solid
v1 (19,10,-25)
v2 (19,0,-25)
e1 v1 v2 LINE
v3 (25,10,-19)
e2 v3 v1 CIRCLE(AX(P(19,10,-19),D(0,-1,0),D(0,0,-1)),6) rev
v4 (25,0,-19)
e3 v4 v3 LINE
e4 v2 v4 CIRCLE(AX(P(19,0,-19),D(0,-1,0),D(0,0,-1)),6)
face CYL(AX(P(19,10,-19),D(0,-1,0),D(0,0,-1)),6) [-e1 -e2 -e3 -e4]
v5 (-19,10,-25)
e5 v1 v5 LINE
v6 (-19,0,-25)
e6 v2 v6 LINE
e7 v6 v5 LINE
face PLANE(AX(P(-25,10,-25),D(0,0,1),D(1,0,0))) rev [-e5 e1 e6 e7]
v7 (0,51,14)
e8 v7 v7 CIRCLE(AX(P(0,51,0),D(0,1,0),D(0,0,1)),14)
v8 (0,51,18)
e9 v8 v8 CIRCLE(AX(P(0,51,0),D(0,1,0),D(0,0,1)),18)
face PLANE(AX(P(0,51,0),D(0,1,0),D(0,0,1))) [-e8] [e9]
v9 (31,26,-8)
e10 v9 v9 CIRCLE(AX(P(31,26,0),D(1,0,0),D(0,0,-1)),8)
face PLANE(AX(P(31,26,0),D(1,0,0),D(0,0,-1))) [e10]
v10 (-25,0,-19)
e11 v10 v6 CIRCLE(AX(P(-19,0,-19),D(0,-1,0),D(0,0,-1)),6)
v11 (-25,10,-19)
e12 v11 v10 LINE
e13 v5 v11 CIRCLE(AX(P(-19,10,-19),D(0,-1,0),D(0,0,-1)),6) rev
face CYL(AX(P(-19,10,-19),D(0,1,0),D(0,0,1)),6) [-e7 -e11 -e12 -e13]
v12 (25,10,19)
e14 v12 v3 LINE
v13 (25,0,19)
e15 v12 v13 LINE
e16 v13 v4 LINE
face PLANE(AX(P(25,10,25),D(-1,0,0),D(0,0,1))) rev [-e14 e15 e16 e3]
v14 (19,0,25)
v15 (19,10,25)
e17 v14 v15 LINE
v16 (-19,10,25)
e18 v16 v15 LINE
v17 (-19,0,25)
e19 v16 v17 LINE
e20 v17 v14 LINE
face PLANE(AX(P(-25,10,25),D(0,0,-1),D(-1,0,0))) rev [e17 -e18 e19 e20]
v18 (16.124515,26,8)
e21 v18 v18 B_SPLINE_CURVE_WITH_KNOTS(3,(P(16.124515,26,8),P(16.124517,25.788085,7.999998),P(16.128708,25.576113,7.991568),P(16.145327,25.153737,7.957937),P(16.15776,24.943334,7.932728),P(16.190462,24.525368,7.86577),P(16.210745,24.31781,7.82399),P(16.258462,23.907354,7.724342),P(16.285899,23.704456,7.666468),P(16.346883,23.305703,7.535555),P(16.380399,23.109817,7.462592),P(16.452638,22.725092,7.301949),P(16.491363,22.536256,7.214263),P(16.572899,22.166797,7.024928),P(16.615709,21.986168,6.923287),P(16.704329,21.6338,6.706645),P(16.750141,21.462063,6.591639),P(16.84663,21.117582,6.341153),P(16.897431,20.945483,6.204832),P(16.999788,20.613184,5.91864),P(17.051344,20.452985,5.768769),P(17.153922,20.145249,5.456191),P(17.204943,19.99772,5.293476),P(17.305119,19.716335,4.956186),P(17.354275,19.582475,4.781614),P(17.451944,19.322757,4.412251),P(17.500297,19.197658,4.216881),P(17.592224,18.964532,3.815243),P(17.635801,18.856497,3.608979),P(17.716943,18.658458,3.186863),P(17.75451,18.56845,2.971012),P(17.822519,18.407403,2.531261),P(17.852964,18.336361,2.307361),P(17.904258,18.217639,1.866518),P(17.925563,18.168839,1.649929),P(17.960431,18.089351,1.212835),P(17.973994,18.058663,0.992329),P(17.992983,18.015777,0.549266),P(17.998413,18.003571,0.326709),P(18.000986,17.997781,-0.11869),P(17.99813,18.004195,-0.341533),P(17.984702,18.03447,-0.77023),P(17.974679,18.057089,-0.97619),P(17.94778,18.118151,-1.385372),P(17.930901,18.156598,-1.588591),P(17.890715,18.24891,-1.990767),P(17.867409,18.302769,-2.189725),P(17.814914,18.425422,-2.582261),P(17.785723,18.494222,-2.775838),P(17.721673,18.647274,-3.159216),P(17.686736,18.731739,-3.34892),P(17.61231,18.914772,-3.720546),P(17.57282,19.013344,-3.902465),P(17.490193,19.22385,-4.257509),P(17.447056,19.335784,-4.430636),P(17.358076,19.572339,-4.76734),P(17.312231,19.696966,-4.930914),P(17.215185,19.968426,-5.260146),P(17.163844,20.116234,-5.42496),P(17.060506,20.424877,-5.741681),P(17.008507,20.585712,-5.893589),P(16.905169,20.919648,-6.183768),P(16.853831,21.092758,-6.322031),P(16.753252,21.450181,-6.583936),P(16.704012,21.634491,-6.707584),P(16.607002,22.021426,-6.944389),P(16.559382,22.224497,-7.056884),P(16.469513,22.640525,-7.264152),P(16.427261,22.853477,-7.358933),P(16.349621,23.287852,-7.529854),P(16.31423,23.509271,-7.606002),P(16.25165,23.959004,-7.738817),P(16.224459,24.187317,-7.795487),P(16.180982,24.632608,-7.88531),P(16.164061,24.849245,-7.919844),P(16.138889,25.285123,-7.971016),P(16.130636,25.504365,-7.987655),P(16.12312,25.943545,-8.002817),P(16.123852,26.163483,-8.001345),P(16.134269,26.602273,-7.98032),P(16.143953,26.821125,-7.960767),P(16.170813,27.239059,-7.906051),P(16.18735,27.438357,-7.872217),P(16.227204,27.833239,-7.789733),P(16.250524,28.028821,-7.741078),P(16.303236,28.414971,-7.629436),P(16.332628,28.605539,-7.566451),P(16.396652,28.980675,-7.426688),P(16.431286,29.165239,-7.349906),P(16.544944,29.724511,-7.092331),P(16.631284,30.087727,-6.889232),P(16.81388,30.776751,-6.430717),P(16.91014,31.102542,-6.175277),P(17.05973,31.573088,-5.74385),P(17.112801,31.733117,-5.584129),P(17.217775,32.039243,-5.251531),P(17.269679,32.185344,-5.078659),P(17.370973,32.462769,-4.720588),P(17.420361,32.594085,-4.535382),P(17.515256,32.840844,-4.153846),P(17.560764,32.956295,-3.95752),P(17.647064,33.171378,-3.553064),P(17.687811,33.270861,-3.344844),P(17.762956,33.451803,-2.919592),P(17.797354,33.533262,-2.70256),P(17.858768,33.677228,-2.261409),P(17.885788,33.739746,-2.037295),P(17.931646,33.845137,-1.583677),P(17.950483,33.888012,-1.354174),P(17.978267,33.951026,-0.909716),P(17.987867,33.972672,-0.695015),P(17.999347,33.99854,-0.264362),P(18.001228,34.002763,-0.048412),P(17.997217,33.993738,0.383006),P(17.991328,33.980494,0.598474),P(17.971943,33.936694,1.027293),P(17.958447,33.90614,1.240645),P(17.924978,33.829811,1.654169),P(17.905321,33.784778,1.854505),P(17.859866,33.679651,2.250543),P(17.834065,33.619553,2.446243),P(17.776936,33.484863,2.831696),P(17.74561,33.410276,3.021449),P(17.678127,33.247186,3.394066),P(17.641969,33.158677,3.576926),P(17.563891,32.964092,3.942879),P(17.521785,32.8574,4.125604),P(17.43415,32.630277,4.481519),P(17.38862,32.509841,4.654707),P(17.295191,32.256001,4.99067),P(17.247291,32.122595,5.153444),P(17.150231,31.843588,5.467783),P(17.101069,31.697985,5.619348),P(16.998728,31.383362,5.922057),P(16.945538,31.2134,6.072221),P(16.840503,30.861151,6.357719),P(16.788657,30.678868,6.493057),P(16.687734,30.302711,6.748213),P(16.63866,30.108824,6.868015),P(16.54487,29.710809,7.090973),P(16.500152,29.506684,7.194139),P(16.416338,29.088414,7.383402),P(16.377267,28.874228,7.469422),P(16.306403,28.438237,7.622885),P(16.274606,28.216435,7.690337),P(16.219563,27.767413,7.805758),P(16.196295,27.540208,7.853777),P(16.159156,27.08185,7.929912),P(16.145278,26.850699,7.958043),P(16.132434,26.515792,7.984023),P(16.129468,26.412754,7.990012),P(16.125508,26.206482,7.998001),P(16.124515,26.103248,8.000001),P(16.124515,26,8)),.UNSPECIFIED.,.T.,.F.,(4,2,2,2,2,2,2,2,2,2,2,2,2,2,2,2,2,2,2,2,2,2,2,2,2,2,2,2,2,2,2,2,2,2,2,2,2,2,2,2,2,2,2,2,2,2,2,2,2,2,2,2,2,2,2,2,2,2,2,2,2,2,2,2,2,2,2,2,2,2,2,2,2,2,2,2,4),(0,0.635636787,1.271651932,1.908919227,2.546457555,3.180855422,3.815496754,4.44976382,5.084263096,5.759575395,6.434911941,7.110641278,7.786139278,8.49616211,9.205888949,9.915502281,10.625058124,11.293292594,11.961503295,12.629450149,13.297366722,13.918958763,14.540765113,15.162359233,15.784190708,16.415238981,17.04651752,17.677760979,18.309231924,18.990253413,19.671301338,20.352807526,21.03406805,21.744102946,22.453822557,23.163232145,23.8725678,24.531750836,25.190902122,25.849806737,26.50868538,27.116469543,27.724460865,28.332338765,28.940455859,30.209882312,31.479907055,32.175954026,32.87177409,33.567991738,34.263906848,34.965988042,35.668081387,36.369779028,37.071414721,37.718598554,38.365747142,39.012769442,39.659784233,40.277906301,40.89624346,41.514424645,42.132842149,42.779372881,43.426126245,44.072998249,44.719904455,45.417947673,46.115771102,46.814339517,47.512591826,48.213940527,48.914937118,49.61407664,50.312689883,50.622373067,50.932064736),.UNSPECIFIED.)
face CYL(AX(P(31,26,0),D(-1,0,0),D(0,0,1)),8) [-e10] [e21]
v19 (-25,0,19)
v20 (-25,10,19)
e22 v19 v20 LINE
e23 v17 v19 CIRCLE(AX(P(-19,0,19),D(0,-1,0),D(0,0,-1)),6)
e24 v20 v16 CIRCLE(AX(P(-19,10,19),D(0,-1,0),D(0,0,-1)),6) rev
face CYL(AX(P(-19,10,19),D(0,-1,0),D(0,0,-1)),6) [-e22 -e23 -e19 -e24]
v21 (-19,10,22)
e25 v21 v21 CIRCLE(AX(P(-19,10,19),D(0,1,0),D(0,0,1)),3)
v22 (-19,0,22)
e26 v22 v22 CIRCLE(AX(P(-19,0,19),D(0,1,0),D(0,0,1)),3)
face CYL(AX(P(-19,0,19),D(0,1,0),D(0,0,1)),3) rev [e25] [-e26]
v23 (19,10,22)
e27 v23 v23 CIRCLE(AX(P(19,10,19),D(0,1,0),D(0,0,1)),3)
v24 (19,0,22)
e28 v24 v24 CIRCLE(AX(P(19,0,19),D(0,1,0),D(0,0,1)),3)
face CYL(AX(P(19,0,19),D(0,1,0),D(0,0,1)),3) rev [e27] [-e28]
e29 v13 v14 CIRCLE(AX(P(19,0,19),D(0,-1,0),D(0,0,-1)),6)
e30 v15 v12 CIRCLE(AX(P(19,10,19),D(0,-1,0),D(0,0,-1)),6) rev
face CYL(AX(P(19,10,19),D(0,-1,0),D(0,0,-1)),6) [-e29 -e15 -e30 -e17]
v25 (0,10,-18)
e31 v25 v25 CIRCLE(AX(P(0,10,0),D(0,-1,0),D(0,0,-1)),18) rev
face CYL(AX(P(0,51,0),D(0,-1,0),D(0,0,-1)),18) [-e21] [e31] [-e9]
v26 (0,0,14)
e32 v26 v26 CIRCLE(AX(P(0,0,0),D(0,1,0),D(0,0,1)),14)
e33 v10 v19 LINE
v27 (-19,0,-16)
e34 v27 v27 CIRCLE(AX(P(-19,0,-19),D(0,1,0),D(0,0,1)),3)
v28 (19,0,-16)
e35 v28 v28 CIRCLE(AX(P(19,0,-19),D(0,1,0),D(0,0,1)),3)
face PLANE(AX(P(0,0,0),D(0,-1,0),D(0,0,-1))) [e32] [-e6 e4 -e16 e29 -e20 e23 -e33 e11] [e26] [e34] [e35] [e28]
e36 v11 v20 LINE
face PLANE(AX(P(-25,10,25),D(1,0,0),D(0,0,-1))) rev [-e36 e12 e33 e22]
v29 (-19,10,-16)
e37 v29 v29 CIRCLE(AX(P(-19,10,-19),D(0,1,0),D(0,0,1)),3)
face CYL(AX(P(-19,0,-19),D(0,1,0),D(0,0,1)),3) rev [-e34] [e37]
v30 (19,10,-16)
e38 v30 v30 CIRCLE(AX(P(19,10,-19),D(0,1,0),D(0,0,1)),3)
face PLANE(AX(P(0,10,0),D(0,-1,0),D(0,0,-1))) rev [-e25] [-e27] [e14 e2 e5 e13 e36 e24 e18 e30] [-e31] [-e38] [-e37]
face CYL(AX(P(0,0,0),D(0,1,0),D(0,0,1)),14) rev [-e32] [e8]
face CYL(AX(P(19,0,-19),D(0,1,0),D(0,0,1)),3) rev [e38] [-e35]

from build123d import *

# Parameters (mm, degrees)
SKETCH_3_W           = 50
SKETCH_3_H           = 50
EXTRUDE_1_DEPTH      = 10
FILLET_7_R           = 6
FILLET_8_R           = 6
FILLET_9_R           = 6
FILLET_10_R          = 6
SKETCH_4_R           = 3
CUT_EXTRUDE_1_DEPTH  = 37.742346142
SKETCH_6_R           = 3
CUT_EXTRUDE_14_DEPTH = 37.742346142
SKETCH_7_R           = 3
CUT_EXTRUDE_15_DEPTH = 37.742346142
SKETCH_8_R           = 3
CUT_EXTRUDE_16_DEPTH = 37.742346142
SKETCH_9_R           = 18
EXTRUDE_4_DEPTH      = 51
SKETCH_12_R          = 8
EXTRUDE_5_DEPTH      = 31
SKETCH_10_R          = 14
CUT_EXTRUDE_17_DEPTH = 65.707032123


with BuildPart() as part:
    # 草图3 → 凸台-拉伸1 (new body)
    with BuildSketch(Plane(origin=(0, 0, 0), x_dir=(1, 0, 0), z_dir=(0, 1, 0))):
        Rectangle(SKETCH_3_W, SKETCH_3_H)
    extrude(amount=EXTRUDE_1_DEPTH)

    # 圆角7
    fillet_7_edges = [part.edges().sort_by_distance(p)[0] for p in [
        (-25, 5, -25),
    ]]
    fillet(fillet_7_edges, radius=FILLET_7_R)

    # 圆角8
    fillet_8_edges = [part.edges().sort_by_distance(p)[0] for p in [
        (-25, 5, 25),
    ]]
    fillet(fillet_8_edges, radius=FILLET_8_R)

    # 圆角9
    fillet_9_edges = [part.edges().sort_by_distance(p)[0] for p in [
        (25, 5, 25),
    ]]
    fillet(fillet_9_edges, radius=FILLET_9_R)

    # 圆角10
    fillet_10_edges = [part.edges().sort_by_distance(p)[0] for p in [
        (25, 5, -25),
    ]]
    fillet(fillet_10_edges, radius=FILLET_10_R)

    # 草图4 → 切除-拉伸1 (cut, through all)
    with BuildSketch(Plane(origin=(0, 10, 0), x_dir=(1, 0, 0), z_dir=(0, 1, 0))):
        with Locations(Location((-19, -19, 0), (0, 0, 270))):
            Circle(SKETCH_4_R)
    extrude(amount=-CUT_EXTRUDE_1_DEPTH, mode=Mode.SUBTRACT)

    # 草图6 → 切除-拉伸14 (cut, through all)
    with BuildSketch(Plane(origin=(0, 10, 0), x_dir=(1, 0, 0), z_dir=(0, 1, 0))):
        with Locations(Location((-19, 19, 0), (0, 0, 270))):
            Circle(SKETCH_6_R)
    extrude(amount=-CUT_EXTRUDE_14_DEPTH, mode=Mode.SUBTRACT)

    # 草图7 → 切除-拉伸15 (cut, through all)
    with BuildSketch(Plane(origin=(0, 10, 0), x_dir=(1, 0, 0), z_dir=(0, 1, 0))):
        with Locations(Location((19, 19, 0), (0, 0, 270))):
            Circle(SKETCH_7_R)
    extrude(amount=-CUT_EXTRUDE_15_DEPTH, mode=Mode.SUBTRACT)

    # 草图8 → 切除-拉伸16 (cut, through all)
    with BuildSketch(Plane(origin=(0, 10, 0), x_dir=(1, 0, 0), z_dir=(0, 1, 0))):
        with Locations(Location((19, -19, 0), (0, 0, 270))):
            Circle(SKETCH_8_R)
    extrude(amount=-CUT_EXTRUDE_16_DEPTH, mode=Mode.SUBTRACT)

    # 草图9 → 凸台-拉伸4 (add)
    with BuildSketch(Plane(origin=(0, 0, 0), x_dir=(1, 0, 0), z_dir=(0, 1, 0))):
        with Locations(Location((0, 0, 0), (0, 0, 90))):
            Circle(SKETCH_9_R)
    extrude(amount=EXTRUDE_4_DEPTH)

    # 草图12 → 凸台-拉伸5 (add)
    with BuildSketch(Plane(origin=(0, 0, 0), x_dir=(0, 0, -1), z_dir=(1, 0, 0))):
        with Locations(Location((0, 26, 0), (0, 0, 180))):
            Circle(SKETCH_12_R)
    extrude(amount=EXTRUDE_5_DEPTH)

    # 草图10 → 切除-拉伸17 (cut, through all)
    with BuildSketch(Plane(origin=(0, 51, 0), x_dir=(1, 0, 0), z_dir=(0, 1, 0))):
        with Locations(Location((0, 0, 0), (0, 0, 270))):
            Circle(SKETCH_10_R)
    extrude(amount=-CUT_EXTRUDE_17_DEPTH, mode=Mode.SUBTRACT)


solid = part.part
